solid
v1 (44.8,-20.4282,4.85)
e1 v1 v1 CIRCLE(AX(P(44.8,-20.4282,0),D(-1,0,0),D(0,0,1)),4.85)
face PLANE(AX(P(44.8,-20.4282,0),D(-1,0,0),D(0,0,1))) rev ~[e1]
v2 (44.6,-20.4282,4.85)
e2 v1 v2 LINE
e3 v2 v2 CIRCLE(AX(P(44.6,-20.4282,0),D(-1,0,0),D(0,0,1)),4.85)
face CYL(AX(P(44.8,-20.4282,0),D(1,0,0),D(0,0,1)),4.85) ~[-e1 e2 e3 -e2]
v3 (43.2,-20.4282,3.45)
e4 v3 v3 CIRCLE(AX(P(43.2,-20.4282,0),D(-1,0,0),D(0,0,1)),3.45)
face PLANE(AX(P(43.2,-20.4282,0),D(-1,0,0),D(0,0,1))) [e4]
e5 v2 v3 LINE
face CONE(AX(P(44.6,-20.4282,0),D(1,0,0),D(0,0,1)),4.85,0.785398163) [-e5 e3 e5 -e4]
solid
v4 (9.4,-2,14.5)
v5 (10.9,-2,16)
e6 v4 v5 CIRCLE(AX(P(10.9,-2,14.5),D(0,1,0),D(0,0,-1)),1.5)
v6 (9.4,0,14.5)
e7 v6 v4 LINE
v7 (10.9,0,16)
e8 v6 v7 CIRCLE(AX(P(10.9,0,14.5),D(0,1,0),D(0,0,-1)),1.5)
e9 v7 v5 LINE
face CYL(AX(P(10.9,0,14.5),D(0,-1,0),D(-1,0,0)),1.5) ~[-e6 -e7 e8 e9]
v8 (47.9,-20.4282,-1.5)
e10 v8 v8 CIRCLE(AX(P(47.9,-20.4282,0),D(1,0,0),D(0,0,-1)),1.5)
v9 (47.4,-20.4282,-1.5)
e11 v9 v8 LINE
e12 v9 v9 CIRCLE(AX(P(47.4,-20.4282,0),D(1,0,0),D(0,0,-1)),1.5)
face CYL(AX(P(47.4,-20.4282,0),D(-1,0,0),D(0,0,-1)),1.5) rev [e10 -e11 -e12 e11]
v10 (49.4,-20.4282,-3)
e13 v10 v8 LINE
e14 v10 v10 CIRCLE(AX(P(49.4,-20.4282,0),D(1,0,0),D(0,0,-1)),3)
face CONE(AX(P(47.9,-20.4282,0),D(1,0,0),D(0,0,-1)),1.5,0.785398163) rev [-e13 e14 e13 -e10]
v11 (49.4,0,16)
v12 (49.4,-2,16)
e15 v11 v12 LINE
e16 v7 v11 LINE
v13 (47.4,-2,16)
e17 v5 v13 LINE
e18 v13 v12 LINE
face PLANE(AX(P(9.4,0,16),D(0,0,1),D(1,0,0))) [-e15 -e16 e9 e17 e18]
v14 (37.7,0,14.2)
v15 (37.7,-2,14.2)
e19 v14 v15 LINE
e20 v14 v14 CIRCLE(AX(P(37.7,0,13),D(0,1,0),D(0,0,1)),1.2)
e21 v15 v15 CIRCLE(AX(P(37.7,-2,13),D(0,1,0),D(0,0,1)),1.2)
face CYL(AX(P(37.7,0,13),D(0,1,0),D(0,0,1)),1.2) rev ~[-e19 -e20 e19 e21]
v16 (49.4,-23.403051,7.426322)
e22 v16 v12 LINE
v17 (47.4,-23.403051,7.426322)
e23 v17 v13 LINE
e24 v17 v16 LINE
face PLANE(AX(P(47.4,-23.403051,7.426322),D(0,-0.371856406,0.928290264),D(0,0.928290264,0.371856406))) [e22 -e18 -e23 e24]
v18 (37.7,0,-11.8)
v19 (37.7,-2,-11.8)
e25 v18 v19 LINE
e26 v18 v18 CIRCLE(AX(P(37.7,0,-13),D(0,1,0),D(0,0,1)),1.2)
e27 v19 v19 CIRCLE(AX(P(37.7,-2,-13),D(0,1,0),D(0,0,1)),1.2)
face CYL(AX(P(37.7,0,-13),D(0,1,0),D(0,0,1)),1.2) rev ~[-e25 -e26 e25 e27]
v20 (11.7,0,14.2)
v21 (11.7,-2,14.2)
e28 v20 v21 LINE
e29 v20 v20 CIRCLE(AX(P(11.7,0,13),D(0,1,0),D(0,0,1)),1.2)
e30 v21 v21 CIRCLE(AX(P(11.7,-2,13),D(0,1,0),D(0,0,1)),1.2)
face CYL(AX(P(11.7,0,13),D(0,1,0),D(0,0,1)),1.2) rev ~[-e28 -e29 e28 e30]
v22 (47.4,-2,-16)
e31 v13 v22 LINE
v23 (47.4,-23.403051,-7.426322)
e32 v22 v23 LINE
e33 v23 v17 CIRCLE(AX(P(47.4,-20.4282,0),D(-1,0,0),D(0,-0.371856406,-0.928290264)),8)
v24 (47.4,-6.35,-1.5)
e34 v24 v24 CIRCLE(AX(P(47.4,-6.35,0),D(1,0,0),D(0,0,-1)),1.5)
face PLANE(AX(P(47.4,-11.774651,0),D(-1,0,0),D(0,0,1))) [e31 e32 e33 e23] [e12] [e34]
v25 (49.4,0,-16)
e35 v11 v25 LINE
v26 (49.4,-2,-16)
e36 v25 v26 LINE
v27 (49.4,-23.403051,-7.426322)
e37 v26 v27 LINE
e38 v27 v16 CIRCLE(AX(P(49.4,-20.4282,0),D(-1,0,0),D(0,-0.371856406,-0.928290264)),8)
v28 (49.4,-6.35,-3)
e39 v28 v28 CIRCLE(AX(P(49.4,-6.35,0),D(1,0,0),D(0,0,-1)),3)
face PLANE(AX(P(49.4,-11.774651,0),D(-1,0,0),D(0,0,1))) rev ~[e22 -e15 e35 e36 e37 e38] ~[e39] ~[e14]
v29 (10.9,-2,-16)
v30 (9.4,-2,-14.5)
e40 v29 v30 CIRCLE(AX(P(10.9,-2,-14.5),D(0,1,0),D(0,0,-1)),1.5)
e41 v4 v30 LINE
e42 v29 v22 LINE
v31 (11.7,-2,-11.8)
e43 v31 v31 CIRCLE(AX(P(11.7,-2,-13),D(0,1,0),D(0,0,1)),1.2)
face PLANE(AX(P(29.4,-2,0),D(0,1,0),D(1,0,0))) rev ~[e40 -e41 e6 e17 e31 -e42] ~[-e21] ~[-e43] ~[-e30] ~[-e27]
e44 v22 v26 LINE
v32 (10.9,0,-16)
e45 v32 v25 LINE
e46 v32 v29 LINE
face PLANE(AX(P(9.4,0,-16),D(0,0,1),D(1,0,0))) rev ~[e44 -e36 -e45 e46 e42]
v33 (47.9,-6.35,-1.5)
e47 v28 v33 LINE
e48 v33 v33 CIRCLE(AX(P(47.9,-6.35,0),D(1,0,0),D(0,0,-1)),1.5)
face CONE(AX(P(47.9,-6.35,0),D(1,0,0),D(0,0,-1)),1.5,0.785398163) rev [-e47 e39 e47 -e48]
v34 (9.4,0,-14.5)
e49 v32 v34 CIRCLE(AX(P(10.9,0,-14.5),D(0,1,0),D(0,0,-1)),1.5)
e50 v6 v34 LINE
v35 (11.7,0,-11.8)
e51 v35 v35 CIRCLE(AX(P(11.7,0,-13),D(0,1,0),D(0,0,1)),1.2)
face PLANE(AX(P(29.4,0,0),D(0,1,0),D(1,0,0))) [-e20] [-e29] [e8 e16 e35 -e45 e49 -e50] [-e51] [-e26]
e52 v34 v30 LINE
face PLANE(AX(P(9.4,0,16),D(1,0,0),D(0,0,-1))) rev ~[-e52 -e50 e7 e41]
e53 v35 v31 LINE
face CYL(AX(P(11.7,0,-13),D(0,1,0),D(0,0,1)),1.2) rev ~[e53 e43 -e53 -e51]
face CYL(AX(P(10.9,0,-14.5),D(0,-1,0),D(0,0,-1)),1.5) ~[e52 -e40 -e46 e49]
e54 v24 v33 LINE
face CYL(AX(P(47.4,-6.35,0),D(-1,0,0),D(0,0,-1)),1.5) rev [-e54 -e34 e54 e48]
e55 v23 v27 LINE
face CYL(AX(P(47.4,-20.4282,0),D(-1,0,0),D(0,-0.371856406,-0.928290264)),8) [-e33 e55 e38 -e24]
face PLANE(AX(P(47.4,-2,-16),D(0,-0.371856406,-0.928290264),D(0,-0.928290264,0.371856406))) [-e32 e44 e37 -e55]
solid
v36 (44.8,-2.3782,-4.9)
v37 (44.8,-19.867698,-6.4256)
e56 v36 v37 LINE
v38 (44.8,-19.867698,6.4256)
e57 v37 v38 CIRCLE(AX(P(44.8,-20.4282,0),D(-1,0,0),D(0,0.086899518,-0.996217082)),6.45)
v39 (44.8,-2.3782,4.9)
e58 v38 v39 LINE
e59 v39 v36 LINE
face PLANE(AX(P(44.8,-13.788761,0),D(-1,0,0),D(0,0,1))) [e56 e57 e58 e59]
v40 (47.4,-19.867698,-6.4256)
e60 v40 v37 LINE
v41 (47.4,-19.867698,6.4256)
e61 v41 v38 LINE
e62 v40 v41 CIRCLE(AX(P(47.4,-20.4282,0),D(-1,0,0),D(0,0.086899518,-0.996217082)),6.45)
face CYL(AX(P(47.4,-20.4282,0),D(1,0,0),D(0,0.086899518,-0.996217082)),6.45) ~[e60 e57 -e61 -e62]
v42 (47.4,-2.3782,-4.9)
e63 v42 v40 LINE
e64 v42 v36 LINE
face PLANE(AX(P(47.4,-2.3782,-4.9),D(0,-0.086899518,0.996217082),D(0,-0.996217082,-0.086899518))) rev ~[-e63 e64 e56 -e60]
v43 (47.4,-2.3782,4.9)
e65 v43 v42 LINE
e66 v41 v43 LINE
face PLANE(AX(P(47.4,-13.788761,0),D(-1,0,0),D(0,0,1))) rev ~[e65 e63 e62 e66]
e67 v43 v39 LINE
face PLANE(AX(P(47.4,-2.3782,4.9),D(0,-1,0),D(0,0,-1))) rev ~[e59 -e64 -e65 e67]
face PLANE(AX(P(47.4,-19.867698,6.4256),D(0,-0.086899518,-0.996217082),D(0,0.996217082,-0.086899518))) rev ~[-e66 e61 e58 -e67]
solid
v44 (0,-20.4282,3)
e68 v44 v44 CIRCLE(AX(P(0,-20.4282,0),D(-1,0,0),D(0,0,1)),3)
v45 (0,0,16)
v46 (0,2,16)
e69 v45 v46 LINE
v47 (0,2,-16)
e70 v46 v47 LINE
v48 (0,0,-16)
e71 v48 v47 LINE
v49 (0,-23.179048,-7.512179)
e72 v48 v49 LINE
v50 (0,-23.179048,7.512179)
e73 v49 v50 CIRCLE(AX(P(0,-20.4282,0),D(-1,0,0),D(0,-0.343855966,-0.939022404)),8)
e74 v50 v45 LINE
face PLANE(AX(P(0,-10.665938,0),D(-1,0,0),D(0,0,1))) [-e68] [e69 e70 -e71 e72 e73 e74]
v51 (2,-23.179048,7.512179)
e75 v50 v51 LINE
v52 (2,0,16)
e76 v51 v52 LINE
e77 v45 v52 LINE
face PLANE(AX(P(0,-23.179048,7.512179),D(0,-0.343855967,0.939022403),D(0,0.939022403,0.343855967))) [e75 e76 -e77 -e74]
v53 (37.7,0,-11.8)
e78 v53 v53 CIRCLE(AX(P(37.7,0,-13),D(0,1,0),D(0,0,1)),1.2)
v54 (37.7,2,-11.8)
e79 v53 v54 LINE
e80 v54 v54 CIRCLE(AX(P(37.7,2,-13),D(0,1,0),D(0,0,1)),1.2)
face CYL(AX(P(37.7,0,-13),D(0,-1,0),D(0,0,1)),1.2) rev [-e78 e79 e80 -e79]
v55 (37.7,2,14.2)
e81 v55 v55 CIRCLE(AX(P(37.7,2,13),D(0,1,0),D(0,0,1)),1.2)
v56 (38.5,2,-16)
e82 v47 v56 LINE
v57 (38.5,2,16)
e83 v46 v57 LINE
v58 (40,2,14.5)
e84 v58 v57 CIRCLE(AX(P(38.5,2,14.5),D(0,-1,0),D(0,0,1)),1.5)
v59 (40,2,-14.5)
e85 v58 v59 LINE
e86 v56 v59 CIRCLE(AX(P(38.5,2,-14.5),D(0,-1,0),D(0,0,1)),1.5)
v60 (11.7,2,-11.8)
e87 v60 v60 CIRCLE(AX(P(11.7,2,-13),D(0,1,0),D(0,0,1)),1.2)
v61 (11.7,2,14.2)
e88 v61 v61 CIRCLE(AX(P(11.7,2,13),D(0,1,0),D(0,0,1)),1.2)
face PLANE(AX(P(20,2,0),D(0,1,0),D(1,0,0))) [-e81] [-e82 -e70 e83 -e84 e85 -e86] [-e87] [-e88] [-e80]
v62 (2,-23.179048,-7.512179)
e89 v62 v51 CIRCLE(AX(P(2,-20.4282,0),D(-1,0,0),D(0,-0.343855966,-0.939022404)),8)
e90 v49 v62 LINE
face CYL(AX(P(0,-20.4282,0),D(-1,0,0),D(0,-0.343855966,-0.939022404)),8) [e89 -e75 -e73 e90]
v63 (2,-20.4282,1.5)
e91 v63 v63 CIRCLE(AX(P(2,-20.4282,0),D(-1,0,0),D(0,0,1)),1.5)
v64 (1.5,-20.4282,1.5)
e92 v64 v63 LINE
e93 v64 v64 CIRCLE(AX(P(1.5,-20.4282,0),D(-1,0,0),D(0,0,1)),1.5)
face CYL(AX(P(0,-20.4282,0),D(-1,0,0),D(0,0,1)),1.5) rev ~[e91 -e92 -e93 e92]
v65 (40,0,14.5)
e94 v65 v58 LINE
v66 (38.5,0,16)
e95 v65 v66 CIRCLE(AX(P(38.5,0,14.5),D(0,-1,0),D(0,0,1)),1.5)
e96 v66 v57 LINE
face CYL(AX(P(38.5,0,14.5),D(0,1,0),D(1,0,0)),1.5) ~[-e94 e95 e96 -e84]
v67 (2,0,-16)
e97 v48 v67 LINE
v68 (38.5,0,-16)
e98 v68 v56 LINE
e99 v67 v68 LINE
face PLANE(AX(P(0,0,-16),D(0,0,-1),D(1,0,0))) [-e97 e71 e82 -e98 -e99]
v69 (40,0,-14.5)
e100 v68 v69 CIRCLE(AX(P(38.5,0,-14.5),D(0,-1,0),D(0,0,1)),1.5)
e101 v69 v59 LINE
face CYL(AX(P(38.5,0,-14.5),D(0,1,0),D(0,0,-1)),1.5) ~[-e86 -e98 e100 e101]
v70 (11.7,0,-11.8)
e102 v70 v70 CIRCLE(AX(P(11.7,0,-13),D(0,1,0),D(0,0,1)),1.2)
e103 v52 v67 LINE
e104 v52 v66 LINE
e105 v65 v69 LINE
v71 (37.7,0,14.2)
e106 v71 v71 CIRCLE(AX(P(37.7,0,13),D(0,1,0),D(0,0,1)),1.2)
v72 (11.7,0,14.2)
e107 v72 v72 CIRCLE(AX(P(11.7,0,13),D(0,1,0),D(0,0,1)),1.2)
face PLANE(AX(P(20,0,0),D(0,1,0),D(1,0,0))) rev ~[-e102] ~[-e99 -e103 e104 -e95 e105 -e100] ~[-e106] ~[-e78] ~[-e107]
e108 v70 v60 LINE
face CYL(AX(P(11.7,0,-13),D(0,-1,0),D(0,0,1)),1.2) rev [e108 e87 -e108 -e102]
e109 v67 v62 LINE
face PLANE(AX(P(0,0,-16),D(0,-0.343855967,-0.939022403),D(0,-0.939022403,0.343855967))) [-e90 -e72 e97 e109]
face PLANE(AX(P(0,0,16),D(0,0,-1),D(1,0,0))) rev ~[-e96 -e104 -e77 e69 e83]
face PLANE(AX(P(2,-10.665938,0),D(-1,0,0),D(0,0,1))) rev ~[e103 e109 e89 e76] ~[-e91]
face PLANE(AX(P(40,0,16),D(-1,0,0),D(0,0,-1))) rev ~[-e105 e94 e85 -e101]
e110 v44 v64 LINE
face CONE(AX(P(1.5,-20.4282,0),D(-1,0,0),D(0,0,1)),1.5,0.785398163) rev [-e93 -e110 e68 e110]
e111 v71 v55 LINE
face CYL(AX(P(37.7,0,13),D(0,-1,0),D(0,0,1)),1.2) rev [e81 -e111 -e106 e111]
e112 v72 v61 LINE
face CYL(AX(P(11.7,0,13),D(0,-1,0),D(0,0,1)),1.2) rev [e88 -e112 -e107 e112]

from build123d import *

# Parameters (mm, degrees)
SKETCH_1_W        = 40
SKETCH_1_H        = 32
SKETCH_1_R        = 1.2
EXTRUDE_1_DEPTH   = 2
SKETCH_2_W        = 40
SKETCH_2_H        = 32
SKETCH_2_R        = 1.2
EXTRUDE_2_DEPTH   = 2
SKETCH_3_R        = 1.5
EXTRUDE_1_2_DEPTH = 2
EXTRUDE_START     = -2
SKETCH_4_R        = 1.5
EXTRUDE_2_2_DEPTH = 2
FILLET_1_R        = 1.5
FILLET_2_R        = 1.5
CHAMFER_1_SIZE    = 1.5
CHAMFER_2_SIZE    = 1.5
EXTRUDE_5_DEPTH   = 2.6
SKETCH_6_R        = 4.85
EXTRUDE_6_DEPTH   = 1.6
CHAMFER_3_SIZE    = 1.4


with BuildPart() as part:
    # Эскиз1 → Extrude 1 (new body)
    with BuildSketch(Plane(origin=(0, 0, 0), x_dir=(1, 0, 0), z_dir=(0, 1, 0))):
        with Locations((20, 0)):
            Rectangle(SKETCH_1_W, SKETCH_1_H)
        with Locations((11.7, 13)):
            Circle(SKETCH_1_R, mode=Mode.SUBTRACT)
        with Locations((37.7, 13)):
            Circle(SKETCH_1_R, mode=Mode.SUBTRACT)
        with Locations((37.7, -13)):
            Circle(SKETCH_1_R, mode=Mode.SUBTRACT)
        with Locations((11.7, -13)):
            Circle(SKETCH_1_R, mode=Mode.SUBTRACT)
    extrude(amount=EXTRUDE_1_DEPTH)

    # Эскиз3 → Extrude 1 2 (add)
    with BuildSketch(Plane.ZY):
        with BuildLine():
            Line((-16, 0), (-7.512179228, -23.179047732))
            ThreePointArc((-7.512179228, -23.179047732), (0, -28.4282), (7.512179228, -23.179047732))
            Line((7.512179228, -23.179047732), (16, 0))
            Line((16, 0), (-16, 0))
        make_face()
        with Locations((0, -20.4282)):
            Circle(SKETCH_3_R, mode=Mode.SUBTRACT)
    extrude(amount=-EXTRUDE_1_2_DEPTH)

    # Скругление2
    fillet_2_edges = [part.edges().sort_by_distance(p)[0] for p in [
        (40, 1, -16),
        (40, 1, 16),
    ]]
    fillet(fillet_2_edges, radius=FILLET_2_R)

    # Фаска2
    chamfer_2_edges = [part.edges().sort_by_distance(p)[0] for p in [
        (0, -20.4282, -1.5),
    ]]
    chamfer(chamfer_2_edges, length=CHAMFER_2_SIZE)


with BuildPart() as body_2:
    # Эскиз2 → Extrude 2 (new body)
    with BuildSketch(Plane(origin=(0, 0, 0), x_dir=(1, 0, 0), z_dir=(0, 1, 0))):
        with Locations((29.4, 0)):
            Rectangle(SKETCH_2_W, SKETCH_2_H)
        with Locations((11.7, 13)):
            Circle(SKETCH_2_R, mode=Mode.SUBTRACT)
        with Locations((37.7, 13)):
            Circle(SKETCH_2_R, mode=Mode.SUBTRACT)
        with Locations((37.7, -13)):
            Circle(SKETCH_2_R, mode=Mode.SUBTRACT)
        with Locations((11.7, -13)):
            Circle(SKETCH_2_R, mode=Mode.SUBTRACT)
    extrude(amount=-EXTRUDE_2_DEPTH)

    # Эскиз4 → Extrude 2 2 (add)
    with BuildSketch(Plane(origin=(49.4, 0, 0), x_dir=(0, 0, -1), z_dir=(1, 0, 0)).offset(EXTRUDE_START)):
        with BuildLine():
            Line((16, -2), (7.426322109, -23.403051246))
            ThreePointArc((7.426322109, -23.403051246), (0, -28.4282), (-7.426322109, -23.403051246))
            Line((-7.426322109, -23.403051246), (-16, -2))
            Line((-16, -2), (16, -2))
        make_face()
        with Locations((0, -20.4282)):
            Circle(SKETCH_4_R, mode=Mode.SUBTRACT)
        with Locations((0, -6.35)):
            Circle(SKETCH_4_R, mode=Mode.SUBTRACT)
    extrude(amount=EXTRUDE_2_2_DEPTH)

    # Скругление1
    fillet_1_edges = [body_2.edges().sort_by_distance(p)[0] for p in [
        (9.4, -1, 16),
        (9.4, -1, -16),
    ]]
    fillet(fillet_1_edges, radius=FILLET_1_R)

    # Фаска1
    chamfer_1_edges = [body_2.edges().sort_by_distance(p)[0] for p in [
        (49.4, -20.4282, 1.5),
        (49.4, -6.35, 1.5),
    ]]
    chamfer(chamfer_1_edges, length=CHAMFER_1_SIZE)


with BuildPart() as body_3:
    # Эскиз5 → Бобышка-Вытянуть5 (new body)
    with BuildSketch(Plane.ZY.offset(-47.4)):
        with BuildLine():
            Line((4.9, -2.3782), (-4.9, -2.3782))
            Line((-4.9, -2.3782), (-6.425600177, -19.867698109))
            ThreePointArc((-6.425600177, -19.867698109), (0, -26.8782), (6.425600177, -19.867698109))
            Line((6.425600177, -19.867698109), (4.9, -2.3782))
        make_face()
    extrude(amount=EXTRUDE_5_DEPTH)


with BuildPart() as body_4:
    # Эскиз6 → Бобышка-Вытянуть6 (new body)
    with BuildSketch(Plane.ZY.offset(-44.8)):
        with Locations((0, -20.4282)):
            Circle(SKETCH_6_R)
    extrude(amount=EXTRUDE_6_DEPTH)

    # Фаска3
    chamfer_3_edges = [body_4.edges().sort_by_distance(p)[0] for p in [
        (43.2, -20.4282, -4.85),
    ]]
    chamfer(chamfer_3_edges, length=CHAMFER_3_SIZE)


solid = Compound([part.part, body_2.part, body_3.part, body_4.part])
